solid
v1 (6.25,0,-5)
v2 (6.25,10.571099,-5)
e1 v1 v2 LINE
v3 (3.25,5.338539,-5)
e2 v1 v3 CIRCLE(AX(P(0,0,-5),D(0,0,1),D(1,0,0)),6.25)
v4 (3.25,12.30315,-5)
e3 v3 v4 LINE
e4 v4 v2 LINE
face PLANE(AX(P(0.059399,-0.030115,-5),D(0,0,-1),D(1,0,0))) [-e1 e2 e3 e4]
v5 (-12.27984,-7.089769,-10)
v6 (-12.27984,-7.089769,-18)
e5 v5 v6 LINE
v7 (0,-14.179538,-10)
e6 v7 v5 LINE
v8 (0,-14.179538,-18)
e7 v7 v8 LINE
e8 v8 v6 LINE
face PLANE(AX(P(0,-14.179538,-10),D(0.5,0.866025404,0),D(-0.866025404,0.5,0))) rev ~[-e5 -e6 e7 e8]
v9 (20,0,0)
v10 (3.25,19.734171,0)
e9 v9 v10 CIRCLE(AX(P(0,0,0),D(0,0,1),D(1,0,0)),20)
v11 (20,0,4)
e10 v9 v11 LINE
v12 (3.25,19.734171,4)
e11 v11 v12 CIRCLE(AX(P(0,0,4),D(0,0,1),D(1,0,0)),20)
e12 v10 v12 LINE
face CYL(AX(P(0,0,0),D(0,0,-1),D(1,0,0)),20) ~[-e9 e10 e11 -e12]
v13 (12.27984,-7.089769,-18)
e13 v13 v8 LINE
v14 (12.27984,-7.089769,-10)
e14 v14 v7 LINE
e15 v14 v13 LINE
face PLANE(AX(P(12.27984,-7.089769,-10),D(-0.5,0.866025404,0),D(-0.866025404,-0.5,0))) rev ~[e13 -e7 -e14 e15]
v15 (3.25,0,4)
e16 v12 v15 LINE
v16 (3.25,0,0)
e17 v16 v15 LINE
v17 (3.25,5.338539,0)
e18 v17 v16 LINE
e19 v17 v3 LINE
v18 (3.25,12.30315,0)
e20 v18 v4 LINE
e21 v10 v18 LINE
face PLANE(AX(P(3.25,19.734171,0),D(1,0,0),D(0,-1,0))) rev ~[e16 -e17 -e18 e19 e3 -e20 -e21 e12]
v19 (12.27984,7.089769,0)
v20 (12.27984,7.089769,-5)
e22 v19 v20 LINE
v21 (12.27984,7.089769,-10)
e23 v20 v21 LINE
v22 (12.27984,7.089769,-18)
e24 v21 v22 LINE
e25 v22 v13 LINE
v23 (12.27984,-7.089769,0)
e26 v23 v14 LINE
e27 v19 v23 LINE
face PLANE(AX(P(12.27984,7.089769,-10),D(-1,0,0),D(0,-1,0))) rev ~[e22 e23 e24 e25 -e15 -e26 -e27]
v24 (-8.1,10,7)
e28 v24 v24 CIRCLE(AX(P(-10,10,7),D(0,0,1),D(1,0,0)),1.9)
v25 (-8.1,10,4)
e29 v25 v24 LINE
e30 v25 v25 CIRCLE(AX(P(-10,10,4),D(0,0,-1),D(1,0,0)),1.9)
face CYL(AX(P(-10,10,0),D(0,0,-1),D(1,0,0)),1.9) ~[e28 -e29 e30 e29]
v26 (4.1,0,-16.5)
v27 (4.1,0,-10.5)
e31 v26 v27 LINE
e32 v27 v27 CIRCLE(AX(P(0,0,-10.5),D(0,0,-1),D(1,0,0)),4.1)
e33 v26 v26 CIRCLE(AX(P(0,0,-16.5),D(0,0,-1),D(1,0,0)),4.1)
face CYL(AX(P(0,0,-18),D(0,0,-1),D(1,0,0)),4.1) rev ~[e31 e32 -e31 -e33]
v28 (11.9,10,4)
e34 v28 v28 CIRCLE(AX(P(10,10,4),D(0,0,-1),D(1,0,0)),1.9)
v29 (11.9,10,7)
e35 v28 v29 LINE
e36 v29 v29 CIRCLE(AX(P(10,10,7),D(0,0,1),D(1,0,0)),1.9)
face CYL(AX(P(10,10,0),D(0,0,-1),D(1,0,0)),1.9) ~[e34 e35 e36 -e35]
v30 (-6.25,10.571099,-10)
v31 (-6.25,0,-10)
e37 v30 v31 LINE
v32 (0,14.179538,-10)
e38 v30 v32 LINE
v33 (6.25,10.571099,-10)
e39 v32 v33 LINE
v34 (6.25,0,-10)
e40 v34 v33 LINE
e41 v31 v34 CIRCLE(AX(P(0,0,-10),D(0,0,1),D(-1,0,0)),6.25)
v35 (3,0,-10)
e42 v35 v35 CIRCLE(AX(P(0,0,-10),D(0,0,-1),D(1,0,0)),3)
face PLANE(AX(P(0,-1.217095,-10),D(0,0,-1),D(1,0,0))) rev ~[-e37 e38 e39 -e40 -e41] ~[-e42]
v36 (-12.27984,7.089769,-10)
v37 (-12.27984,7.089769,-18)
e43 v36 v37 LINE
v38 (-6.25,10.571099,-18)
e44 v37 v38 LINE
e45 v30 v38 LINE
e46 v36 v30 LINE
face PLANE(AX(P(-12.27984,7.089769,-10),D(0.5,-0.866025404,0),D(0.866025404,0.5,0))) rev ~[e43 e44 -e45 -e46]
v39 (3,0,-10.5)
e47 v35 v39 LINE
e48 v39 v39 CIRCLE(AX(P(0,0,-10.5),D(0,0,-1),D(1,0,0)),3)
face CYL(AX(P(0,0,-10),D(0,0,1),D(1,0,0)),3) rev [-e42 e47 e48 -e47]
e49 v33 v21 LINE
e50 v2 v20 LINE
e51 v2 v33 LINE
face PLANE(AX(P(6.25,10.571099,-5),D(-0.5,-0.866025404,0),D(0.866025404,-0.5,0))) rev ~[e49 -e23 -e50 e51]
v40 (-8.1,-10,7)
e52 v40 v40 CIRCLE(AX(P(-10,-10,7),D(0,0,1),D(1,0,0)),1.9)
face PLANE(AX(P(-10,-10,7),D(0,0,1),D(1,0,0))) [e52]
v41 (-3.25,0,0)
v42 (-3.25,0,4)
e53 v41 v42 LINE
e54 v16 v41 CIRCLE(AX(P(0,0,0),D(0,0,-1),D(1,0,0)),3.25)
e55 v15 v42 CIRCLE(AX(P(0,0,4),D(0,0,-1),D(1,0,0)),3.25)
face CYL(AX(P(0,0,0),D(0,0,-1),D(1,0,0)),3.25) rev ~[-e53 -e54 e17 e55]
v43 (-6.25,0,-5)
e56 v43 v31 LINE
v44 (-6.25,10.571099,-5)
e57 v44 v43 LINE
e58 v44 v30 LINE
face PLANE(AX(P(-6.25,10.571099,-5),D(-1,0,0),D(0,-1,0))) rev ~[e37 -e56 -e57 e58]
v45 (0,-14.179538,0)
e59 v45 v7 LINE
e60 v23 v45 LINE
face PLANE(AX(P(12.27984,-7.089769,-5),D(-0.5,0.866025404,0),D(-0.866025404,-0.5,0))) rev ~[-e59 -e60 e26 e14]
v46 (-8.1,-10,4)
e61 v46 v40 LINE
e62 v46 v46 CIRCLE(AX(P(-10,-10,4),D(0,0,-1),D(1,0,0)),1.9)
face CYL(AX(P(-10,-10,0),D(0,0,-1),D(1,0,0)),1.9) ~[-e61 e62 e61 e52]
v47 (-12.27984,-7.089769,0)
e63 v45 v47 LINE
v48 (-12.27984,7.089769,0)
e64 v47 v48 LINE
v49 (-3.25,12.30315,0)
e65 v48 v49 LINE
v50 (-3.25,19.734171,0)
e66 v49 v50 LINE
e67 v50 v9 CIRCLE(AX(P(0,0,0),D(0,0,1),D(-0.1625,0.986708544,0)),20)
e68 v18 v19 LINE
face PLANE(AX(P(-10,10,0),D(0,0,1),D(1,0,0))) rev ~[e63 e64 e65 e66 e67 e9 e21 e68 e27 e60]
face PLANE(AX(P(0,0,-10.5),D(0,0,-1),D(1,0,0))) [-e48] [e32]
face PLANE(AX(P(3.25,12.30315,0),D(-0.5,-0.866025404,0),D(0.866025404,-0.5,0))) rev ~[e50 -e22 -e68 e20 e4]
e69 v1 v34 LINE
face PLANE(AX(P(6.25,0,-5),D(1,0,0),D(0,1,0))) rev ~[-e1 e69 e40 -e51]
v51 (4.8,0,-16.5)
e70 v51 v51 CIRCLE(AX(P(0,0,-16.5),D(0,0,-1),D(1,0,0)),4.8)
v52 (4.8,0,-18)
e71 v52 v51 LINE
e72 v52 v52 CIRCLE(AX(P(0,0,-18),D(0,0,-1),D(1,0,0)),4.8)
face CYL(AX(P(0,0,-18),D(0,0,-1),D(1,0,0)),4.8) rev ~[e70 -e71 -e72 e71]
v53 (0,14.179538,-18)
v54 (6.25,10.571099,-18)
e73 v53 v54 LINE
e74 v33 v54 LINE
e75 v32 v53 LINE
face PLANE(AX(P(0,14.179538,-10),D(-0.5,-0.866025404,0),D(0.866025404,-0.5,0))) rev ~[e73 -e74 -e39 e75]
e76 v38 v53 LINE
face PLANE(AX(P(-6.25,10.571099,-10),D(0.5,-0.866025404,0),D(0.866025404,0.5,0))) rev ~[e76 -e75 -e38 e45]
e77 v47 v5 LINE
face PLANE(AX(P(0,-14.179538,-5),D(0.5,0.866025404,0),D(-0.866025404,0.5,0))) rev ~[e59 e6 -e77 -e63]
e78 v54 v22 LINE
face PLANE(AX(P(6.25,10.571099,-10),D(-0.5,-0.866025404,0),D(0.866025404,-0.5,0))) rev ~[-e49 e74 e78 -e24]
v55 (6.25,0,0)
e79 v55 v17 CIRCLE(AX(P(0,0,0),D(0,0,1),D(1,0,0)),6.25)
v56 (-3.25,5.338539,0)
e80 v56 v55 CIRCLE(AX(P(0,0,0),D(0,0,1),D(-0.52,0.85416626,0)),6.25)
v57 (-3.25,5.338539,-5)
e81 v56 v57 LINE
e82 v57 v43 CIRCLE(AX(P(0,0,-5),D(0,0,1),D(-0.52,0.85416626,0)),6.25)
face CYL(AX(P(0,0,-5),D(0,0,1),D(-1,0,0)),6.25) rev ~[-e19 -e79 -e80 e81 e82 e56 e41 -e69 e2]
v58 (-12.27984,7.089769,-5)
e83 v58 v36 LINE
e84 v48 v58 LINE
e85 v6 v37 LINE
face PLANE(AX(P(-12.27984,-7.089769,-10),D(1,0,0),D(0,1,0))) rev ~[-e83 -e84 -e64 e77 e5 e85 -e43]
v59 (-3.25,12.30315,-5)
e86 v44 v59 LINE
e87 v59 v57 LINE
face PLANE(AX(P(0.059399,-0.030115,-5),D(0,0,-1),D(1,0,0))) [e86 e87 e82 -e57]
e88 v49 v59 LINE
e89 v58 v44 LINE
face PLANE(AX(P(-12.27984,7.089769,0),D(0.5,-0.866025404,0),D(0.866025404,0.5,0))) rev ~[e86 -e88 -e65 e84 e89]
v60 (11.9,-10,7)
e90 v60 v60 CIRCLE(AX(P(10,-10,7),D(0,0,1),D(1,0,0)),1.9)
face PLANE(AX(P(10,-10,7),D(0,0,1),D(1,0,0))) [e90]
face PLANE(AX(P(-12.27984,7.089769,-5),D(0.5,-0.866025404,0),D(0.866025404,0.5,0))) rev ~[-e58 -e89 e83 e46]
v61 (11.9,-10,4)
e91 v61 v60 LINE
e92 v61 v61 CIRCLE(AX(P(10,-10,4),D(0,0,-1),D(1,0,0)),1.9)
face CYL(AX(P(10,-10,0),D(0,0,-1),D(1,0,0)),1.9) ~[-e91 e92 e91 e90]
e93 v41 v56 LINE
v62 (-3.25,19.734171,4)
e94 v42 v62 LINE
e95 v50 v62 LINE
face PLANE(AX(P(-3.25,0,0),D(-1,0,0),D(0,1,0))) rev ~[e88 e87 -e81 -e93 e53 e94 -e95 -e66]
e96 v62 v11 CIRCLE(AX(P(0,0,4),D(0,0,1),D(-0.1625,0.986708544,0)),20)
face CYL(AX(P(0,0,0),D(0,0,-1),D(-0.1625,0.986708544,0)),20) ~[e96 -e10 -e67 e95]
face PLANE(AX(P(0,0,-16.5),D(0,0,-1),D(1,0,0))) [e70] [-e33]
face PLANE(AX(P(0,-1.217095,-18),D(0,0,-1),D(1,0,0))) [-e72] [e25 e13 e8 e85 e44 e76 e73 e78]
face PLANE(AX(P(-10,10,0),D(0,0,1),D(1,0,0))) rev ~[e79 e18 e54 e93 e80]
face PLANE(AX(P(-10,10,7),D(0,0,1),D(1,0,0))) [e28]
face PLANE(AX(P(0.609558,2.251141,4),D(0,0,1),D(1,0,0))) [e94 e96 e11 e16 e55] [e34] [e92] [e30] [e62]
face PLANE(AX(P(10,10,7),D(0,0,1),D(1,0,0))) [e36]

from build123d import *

# Parameters (mm, degrees)
F0_R      = 1.9
F1_DEPTH  = 4
F2_DEPTH  = 7
F4_DEPTH  = 5
F6_DEPTH  = 5
F7_R      = 3
F8_DEPTH  = 8
F9_R      = 4.8
F9_R_2    = 4.1
F10_DEPTH = 1.5
F9_R_3    = 3
F11_DEPTH = 7.5


with BuildPart() as f1:
    # F0 (on Top) → F1 (new body)
    with BuildSketch(Plane.XY):
        with BuildLine():
            ThreePointArc((-3.25, 19.7341708719), (-12.9421791055, -15.247950682), (20, 0))
            ThreePointArc((20, 0), (15.247950682, 12.9421791055), (3.25, 19.7341708719))
            Line((3.25, 19.7341708719), (3.25, 0))
            ThreePointArc((3.25, 0), (0, -3.25), (-3.25, 0))
            Line((-3.25, 0), (-3.25, 19.7341708719))
        make_face()
        with Locations((-10, -10)):
            Circle(F0_R, mode=Mode.SUBTRACT)
        with Locations((10, -10)):
            Circle(F0_R, mode=Mode.SUBTRACT)
        with Locations((-10, 10)):
            Circle(F0_R, mode=Mode.SUBTRACT)
        with Locations((10, 10)):
            Circle(F0_R, mode=Mode.SUBTRACT)
        with Locations((-10, 10)):
            Circle(F0_R)
        with Locations((10, 10)):
            Circle(F0_R)
        with Locations((10, -10)):
            Circle(F0_R)
        with Locations((-10, -10)):
            Circle(F0_R)
    extrude(amount=F1_DEPTH)

    # F0 (on Top) → F2 (join)
    with BuildSketch(Plane.XY):
        with Locations((-10, 10)):
            Circle(F0_R)
        with Locations((10, 10)):
            Circle(F0_R)
        with Locations((10, -10)):
            Circle(F0_R)
        with Locations((-10, -10)):
            Circle(F0_R)
    extrude(amount=F2_DEPTH)

    # F3 (on face) → F4 (join)
    with BuildSketch(Plane(origin=(0, 0, 0), x_dir=(1, 0, 0), z_dir=(0, 0, -1))):
        with BuildLine():
            ThreePointArc((-3.25, -5.338539126), (-3.0618621785, 5.4486236794), (6.25, 0))
            ThreePointArc((6.25, 0), (5.4486236794, -3.0618621785), (3.25, -5.338539126))
            Line((3.25, -5.338539126), (3.25, -12.3031496292))
            Line((3.25, -12.3031496292), (12.2798401255, -7.0897690021))
            Line((12.2798401255, -7.0897690021), (12.2798401255, 7.0897690021))
            Line((12.2798401255, 7.0897690021), (0, 14.1795380041))
            Line((0, 14.1795380041), (-12.2798401255, 7.0897690021))
            Line((-12.2798401255, 7.0897690021), (-12.2798401255, -7.0897690021))
            Line((-12.2798401255, -7.0897690021), (-3.25, -12.3031496292))
            Line((-3.25, -12.3031496292), (-3.25, -5.338539126))
        make_face()
    extrude(amount=F4_DEPTH)

    # F5 (on face) → F6 (join)
    with BuildSketch(Plane(origin=(0, 0, -5), x_dir=(1, 0, 0), z_dir=(0, 0, -1))):
        with BuildLine():
            ThreePointArc((-6.25, 0), (0, 6.25), (6.25, 0))
            Line((6.25, 0), (6.25, -10.5710988217))
            Line((6.25, -10.5710988217), (12.2798401255, -7.0897690021))
            Line((12.2798401255, -7.0897690021), (12.2798401255, 7.0897690021))
            Line((12.2798401255, 7.0897690021), (0, 14.1795380041))
            Line((0, 14.1795380041), (-12.2798401255, 7.0897690021))
            Line((-12.2798401255, 7.0897690021), (-12.2798401255, -7.0897690021))
            Line((-12.2798401255, -7.0897690021), (-6.25, -10.5710988217))
            Line((-6.25, -10.5710988217), (-6.25, 0))
        make_face()
    extrude(amount=F6_DEPTH)

    # F7 (on face) → F8 (join)
    with BuildSketch(Plane(origin=(0, 0, -10), x_dir=(1, 0, 0), z_dir=(0, 0, -1))):
        with BuildLine():
            ThreePointArc((-6.2500000608, 0), (-7.83e-08, 6.2500000351), (6.2499999392, 3.51e-08))
            Line((6.25, 0), (6.25, -10.5710988217))
            Line((6.2499999696, -10.571098769), (12.2798400647, -7.089768967))
            Line((12.2798400647, -7.089768967), (12.2798400647, 7.0897690371))
            Line((12.2798400647, 7.0897690371), (-6.08e-08, 14.1795380392))
            Line((-6.08e-08, 14.1795380392), (-12.2798401862, 7.0897690371))
            Line((-12.2798401862, 7.0897690371), (-12.2798401862, -7.089768967))
            Line((-12.2798401862, -7.089768967), (-6.25, -10.5710988217))
            Line((-6.25, -10.5710988217), (-6.25, 0))
        make_face()
        with BuildLine():
            ThreePointArc((-6.2500000608, 0), (-4.32e-08, -6.2499999649), (6.2499999392, 3.51e-08))
            ThreePointArc((6.2499999392, 3.51e-08), (-7.83e-08, 6.2500000351), (-6.2500000608, 0))
        make_face()
        with Locations((-6.08e-08, 3.51e-08)):
            Circle(F7_R, mode=Mode.SUBTRACT)
        with BuildLine():
            Line((6.25, -10.5710988217), (6.25, 0))
            ThreePointArc((6.2499999392, 3.51e-08), (-4.32e-08, -6.2499999649), (-6.2500000608, 0))
            Line((-6.25, 0), (-6.25, -10.5710988217))
            Line((-6.25, -10.5710988217), (-6.08e-08, -14.179537969))
            Line((-6.08e-08, -14.179537969), (6.2499999696, -10.571098769))
        make_face()
    extrude(amount=F8_DEPTH)

    # F9 (on face) → F10 (cut)
    with BuildSketch(Plane(origin=(0, 0, -18), x_dir=(1, 0, 0), z_dir=(0, 0, -1))):
        with Locations((-6.08e-08, 3.51e-08)):
            Circle(F9_R)
        with Locations((-6.08e-08, 3.51e-08)):
            Circle(F9_R_2, mode=Mode.SUBTRACT)
    extrude(amount=-F10_DEPTH, mode=Mode.SUBTRACT)

    # F9 (on face) → F11 (cut)
    with BuildSketch(Plane(origin=(0, 0, -18), x_dir=(1, 0, 0), z_dir=(0, 0, -1))):
        with Locations((-6.08e-08, 3.51e-08)):
            Circle(F9_R_2)
        with Locations((-6.08e-08, 3.51e-08)):
            Circle(F9_R_3, mode=Mode.SUBTRACT)
    extrude(amount=-F11_DEPTH, mode=Mode.SUBTRACT)


solid = f1.part
